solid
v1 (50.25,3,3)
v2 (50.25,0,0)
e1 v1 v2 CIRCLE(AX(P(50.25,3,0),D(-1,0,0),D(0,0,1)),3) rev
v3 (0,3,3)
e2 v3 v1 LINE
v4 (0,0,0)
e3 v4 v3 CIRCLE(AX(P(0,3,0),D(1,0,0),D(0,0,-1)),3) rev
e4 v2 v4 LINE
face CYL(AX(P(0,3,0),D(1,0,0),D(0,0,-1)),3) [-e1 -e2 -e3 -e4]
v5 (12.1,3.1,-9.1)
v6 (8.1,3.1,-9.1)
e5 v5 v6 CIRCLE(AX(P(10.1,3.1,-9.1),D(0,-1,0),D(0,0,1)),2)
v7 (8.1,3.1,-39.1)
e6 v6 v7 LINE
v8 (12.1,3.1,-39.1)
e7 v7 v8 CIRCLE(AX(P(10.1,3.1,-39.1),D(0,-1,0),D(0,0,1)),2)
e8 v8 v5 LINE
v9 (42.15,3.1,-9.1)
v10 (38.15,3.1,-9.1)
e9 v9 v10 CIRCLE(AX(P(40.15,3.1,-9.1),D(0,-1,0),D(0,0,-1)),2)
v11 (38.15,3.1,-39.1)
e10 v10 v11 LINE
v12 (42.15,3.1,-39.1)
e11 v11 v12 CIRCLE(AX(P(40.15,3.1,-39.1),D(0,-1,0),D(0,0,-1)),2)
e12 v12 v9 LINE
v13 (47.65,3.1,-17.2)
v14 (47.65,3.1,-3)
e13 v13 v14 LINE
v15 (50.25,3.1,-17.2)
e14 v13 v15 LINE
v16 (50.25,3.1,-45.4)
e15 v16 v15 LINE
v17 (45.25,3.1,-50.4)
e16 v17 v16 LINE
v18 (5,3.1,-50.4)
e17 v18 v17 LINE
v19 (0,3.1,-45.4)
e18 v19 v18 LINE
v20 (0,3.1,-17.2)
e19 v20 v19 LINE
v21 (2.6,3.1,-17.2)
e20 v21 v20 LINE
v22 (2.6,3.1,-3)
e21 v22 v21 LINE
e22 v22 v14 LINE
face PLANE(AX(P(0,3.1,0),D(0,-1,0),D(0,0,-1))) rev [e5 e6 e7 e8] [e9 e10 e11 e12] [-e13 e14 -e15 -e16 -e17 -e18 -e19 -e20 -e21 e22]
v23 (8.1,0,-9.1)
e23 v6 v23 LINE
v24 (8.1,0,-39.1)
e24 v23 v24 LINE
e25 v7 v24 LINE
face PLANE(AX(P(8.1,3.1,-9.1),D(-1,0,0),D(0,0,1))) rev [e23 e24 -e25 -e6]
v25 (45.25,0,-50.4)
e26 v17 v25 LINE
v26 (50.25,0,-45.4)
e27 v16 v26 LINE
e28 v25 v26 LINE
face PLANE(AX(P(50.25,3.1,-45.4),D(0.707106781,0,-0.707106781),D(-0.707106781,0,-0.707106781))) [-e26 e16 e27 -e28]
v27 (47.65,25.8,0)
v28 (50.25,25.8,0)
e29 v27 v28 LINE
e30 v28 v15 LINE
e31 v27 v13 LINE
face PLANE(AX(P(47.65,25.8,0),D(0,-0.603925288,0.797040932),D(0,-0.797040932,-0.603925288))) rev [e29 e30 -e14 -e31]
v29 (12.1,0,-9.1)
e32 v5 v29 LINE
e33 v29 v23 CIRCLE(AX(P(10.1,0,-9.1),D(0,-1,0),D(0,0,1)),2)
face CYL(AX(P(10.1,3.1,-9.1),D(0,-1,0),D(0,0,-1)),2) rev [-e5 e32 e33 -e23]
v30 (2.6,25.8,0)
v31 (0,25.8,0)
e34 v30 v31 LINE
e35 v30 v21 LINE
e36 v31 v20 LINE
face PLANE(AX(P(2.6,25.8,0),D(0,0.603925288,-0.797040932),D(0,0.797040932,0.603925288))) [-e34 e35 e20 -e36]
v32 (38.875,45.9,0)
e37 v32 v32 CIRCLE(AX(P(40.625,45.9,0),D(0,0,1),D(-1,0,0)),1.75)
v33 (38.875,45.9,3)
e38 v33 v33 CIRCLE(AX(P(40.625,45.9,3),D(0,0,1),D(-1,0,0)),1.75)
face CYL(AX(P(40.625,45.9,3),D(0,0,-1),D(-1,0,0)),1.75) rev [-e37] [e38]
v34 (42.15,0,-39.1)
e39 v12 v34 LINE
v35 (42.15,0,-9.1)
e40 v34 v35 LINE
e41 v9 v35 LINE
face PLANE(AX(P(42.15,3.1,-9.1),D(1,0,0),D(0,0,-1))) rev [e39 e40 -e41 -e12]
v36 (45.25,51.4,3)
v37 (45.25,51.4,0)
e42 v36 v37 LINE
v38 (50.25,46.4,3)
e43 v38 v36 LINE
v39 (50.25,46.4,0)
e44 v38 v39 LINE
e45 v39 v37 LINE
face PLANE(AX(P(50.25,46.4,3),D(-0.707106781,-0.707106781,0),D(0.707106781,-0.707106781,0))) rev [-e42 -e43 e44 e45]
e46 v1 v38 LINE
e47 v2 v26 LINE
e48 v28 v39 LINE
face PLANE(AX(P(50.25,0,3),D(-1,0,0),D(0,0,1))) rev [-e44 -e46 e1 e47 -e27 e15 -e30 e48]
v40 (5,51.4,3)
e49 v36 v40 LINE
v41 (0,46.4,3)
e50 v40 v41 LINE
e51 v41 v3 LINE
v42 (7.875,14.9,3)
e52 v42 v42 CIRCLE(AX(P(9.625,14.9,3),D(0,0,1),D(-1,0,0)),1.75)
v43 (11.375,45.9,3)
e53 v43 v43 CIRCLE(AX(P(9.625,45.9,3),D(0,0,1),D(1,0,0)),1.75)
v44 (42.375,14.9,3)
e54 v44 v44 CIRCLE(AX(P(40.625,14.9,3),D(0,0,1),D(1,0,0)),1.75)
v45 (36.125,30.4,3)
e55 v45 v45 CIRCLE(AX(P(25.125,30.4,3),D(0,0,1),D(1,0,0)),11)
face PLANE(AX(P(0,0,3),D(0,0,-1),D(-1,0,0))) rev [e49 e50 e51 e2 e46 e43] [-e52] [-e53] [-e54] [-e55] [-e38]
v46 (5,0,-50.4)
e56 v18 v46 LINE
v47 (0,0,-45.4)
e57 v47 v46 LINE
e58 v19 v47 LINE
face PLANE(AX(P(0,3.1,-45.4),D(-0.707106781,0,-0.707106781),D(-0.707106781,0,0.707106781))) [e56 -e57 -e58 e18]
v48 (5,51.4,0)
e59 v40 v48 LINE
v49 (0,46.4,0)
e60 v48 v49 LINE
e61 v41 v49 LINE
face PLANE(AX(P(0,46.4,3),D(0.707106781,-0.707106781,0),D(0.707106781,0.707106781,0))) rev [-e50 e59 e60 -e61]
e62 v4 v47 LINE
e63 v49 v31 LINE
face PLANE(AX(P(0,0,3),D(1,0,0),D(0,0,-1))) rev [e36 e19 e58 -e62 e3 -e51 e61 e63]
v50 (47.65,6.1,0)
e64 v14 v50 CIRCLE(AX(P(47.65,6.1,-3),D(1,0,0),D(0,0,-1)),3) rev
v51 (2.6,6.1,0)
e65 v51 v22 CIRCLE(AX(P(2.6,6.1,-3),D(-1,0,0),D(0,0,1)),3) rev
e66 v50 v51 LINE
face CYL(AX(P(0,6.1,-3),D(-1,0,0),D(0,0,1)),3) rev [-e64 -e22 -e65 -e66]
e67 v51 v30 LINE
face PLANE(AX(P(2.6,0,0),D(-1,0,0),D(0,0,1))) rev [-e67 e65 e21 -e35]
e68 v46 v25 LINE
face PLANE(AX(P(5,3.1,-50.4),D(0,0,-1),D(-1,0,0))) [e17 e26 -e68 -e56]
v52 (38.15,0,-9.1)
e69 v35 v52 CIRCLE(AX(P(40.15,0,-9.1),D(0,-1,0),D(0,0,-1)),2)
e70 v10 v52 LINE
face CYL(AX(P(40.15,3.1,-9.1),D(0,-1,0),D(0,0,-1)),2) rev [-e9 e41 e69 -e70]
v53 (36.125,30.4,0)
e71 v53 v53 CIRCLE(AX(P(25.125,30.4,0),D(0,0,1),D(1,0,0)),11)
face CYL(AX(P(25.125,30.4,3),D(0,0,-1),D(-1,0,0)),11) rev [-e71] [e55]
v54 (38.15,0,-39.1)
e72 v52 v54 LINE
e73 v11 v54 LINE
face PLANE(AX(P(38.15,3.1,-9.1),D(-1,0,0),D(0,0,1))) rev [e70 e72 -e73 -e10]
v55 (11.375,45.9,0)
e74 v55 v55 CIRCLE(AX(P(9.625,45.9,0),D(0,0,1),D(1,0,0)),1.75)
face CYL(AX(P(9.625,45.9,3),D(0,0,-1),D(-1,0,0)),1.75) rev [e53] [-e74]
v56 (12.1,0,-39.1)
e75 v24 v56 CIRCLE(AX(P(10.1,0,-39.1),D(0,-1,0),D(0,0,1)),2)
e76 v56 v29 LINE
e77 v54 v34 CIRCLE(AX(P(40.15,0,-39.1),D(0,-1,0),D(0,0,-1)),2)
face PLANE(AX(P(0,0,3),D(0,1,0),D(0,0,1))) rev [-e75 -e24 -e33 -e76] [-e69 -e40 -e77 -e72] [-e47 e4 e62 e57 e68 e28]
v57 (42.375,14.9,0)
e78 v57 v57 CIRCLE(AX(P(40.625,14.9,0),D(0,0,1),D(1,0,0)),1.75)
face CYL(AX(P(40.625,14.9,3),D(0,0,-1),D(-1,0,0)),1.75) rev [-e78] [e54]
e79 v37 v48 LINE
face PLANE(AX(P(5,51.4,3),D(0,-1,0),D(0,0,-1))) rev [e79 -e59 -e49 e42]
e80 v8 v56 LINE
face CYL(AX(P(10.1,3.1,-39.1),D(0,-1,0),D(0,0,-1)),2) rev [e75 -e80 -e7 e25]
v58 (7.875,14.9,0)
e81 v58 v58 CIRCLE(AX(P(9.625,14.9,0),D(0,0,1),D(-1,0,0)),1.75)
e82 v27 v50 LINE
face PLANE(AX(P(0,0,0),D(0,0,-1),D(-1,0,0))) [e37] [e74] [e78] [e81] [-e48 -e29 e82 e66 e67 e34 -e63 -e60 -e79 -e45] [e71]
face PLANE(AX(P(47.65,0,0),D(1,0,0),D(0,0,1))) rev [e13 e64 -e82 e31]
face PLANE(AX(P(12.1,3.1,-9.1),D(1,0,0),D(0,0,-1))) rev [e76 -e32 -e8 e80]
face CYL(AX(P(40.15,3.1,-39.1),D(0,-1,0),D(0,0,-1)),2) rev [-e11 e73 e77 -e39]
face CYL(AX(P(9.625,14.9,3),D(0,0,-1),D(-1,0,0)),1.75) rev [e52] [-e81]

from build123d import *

# Parameters (mm, degrees)
SKETCH1_R           = 11
SKETCH1_R_2         = 1.75
BOSS_EXTRUDE1_DEPTH = 3
BOSS_EXTRUDE2_DEPTH = 3.1
BOSS_EXTRUDE3_DEPTH = 2.6
FILLET1_R           = 3
FILLET2_R           = 3


with BuildPart() as part:
    # Sketch1 → Boss-Extrude1 (new body)
    with BuildSketch(Plane.XY):
        Polygon((0, 46.4), (5, 51.4), (45.25, 51.4), (50.25, 46.4), (50.25, 0), (0, 0), align=None)
        with Locations((25.125, 30.4)):
            Circle(SKETCH1_R, mode=Mode.SUBTRACT)
        with Locations((9.625, 45.9)):
            Circle(SKETCH1_R_2, mode=Mode.SUBTRACT)
        with Locations((40.625, 45.9)):
            Circle(SKETCH1_R_2, mode=Mode.SUBTRACT)
        with Locations((40.625, 14.9)):
            Circle(SKETCH1_R_2, mode=Mode.SUBTRACT)
        with Locations((9.625, 14.9)):
            Circle(SKETCH1_R_2, mode=Mode.SUBTRACT)
    extrude(amount=BOSS_EXTRUDE1_DEPTH)

    # Sketch2 → Boss-Extrude2 (add)
    with BuildSketch(Plane.XZ):
        Polygon((0, 3), (50.25, 3), (50.25, -45.4), (45.25, -50.4), (5, -50.4), (0, -45.4), align=None)
        with BuildLine():
            Line((42.15, -9.1), (42.15, -39.1))
            ThreePointArc((42.15, -39.1), (40.15, -41.1), (38.15, -39.1))
            Line((38.15, -39.1), (38.15, -9.1))
            ThreePointArc((38.15, -9.1), (40.15, -7.1), (42.15, -9.1))
        make_face(mode=Mode.SUBTRACT)
        with BuildLine():
            Line((8.1, -9.1), (8.1, -39.1))
            ThreePointArc((8.1, -39.1), (10.1, -41.1), (12.1, -39.1))
            Line((12.1, -39.1), (12.1, -9.1))
            ThreePointArc((12.1, -9.1), (10.1, -7.1), (8.1, -9.1))
        make_face(mode=Mode.SUBTRACT)
    extrude(amount=-BOSS_EXTRUDE2_DEPTH)

    # Sketch3 → Boss-Extrude3 (add)
    with BuildSketch(Plane.ZY):
        Polygon((0, 25.8), (-17.2, 3.1), (-17.2, 0), (3, 0), (3, 25.8), align=None)
    boss_extrude3 = extrude(amount=-BOSS_EXTRUDE3_DEPTH)

    # Mirror1: Boss-Extrude3 across plane
    add(boss_extrude3.mirror(Plane.ZY.offset(-25.125)))

    # Fillet1
    fillet1_edges = [part.edges().sort_by_distance(p)[0] for p in [
        (25.125, 0, 3),
    ]]
    fillet(fillet1_edges, radius=FILLET1_R)

    # Fillet2
    fillet2_edges = [part.edges().sort_by_distance(p)[0] for p in [
        (25.125, 3.1, 0),
    ]]
    fillet(fillet2_edges, radius=FILLET2_R)


solid = part.part
